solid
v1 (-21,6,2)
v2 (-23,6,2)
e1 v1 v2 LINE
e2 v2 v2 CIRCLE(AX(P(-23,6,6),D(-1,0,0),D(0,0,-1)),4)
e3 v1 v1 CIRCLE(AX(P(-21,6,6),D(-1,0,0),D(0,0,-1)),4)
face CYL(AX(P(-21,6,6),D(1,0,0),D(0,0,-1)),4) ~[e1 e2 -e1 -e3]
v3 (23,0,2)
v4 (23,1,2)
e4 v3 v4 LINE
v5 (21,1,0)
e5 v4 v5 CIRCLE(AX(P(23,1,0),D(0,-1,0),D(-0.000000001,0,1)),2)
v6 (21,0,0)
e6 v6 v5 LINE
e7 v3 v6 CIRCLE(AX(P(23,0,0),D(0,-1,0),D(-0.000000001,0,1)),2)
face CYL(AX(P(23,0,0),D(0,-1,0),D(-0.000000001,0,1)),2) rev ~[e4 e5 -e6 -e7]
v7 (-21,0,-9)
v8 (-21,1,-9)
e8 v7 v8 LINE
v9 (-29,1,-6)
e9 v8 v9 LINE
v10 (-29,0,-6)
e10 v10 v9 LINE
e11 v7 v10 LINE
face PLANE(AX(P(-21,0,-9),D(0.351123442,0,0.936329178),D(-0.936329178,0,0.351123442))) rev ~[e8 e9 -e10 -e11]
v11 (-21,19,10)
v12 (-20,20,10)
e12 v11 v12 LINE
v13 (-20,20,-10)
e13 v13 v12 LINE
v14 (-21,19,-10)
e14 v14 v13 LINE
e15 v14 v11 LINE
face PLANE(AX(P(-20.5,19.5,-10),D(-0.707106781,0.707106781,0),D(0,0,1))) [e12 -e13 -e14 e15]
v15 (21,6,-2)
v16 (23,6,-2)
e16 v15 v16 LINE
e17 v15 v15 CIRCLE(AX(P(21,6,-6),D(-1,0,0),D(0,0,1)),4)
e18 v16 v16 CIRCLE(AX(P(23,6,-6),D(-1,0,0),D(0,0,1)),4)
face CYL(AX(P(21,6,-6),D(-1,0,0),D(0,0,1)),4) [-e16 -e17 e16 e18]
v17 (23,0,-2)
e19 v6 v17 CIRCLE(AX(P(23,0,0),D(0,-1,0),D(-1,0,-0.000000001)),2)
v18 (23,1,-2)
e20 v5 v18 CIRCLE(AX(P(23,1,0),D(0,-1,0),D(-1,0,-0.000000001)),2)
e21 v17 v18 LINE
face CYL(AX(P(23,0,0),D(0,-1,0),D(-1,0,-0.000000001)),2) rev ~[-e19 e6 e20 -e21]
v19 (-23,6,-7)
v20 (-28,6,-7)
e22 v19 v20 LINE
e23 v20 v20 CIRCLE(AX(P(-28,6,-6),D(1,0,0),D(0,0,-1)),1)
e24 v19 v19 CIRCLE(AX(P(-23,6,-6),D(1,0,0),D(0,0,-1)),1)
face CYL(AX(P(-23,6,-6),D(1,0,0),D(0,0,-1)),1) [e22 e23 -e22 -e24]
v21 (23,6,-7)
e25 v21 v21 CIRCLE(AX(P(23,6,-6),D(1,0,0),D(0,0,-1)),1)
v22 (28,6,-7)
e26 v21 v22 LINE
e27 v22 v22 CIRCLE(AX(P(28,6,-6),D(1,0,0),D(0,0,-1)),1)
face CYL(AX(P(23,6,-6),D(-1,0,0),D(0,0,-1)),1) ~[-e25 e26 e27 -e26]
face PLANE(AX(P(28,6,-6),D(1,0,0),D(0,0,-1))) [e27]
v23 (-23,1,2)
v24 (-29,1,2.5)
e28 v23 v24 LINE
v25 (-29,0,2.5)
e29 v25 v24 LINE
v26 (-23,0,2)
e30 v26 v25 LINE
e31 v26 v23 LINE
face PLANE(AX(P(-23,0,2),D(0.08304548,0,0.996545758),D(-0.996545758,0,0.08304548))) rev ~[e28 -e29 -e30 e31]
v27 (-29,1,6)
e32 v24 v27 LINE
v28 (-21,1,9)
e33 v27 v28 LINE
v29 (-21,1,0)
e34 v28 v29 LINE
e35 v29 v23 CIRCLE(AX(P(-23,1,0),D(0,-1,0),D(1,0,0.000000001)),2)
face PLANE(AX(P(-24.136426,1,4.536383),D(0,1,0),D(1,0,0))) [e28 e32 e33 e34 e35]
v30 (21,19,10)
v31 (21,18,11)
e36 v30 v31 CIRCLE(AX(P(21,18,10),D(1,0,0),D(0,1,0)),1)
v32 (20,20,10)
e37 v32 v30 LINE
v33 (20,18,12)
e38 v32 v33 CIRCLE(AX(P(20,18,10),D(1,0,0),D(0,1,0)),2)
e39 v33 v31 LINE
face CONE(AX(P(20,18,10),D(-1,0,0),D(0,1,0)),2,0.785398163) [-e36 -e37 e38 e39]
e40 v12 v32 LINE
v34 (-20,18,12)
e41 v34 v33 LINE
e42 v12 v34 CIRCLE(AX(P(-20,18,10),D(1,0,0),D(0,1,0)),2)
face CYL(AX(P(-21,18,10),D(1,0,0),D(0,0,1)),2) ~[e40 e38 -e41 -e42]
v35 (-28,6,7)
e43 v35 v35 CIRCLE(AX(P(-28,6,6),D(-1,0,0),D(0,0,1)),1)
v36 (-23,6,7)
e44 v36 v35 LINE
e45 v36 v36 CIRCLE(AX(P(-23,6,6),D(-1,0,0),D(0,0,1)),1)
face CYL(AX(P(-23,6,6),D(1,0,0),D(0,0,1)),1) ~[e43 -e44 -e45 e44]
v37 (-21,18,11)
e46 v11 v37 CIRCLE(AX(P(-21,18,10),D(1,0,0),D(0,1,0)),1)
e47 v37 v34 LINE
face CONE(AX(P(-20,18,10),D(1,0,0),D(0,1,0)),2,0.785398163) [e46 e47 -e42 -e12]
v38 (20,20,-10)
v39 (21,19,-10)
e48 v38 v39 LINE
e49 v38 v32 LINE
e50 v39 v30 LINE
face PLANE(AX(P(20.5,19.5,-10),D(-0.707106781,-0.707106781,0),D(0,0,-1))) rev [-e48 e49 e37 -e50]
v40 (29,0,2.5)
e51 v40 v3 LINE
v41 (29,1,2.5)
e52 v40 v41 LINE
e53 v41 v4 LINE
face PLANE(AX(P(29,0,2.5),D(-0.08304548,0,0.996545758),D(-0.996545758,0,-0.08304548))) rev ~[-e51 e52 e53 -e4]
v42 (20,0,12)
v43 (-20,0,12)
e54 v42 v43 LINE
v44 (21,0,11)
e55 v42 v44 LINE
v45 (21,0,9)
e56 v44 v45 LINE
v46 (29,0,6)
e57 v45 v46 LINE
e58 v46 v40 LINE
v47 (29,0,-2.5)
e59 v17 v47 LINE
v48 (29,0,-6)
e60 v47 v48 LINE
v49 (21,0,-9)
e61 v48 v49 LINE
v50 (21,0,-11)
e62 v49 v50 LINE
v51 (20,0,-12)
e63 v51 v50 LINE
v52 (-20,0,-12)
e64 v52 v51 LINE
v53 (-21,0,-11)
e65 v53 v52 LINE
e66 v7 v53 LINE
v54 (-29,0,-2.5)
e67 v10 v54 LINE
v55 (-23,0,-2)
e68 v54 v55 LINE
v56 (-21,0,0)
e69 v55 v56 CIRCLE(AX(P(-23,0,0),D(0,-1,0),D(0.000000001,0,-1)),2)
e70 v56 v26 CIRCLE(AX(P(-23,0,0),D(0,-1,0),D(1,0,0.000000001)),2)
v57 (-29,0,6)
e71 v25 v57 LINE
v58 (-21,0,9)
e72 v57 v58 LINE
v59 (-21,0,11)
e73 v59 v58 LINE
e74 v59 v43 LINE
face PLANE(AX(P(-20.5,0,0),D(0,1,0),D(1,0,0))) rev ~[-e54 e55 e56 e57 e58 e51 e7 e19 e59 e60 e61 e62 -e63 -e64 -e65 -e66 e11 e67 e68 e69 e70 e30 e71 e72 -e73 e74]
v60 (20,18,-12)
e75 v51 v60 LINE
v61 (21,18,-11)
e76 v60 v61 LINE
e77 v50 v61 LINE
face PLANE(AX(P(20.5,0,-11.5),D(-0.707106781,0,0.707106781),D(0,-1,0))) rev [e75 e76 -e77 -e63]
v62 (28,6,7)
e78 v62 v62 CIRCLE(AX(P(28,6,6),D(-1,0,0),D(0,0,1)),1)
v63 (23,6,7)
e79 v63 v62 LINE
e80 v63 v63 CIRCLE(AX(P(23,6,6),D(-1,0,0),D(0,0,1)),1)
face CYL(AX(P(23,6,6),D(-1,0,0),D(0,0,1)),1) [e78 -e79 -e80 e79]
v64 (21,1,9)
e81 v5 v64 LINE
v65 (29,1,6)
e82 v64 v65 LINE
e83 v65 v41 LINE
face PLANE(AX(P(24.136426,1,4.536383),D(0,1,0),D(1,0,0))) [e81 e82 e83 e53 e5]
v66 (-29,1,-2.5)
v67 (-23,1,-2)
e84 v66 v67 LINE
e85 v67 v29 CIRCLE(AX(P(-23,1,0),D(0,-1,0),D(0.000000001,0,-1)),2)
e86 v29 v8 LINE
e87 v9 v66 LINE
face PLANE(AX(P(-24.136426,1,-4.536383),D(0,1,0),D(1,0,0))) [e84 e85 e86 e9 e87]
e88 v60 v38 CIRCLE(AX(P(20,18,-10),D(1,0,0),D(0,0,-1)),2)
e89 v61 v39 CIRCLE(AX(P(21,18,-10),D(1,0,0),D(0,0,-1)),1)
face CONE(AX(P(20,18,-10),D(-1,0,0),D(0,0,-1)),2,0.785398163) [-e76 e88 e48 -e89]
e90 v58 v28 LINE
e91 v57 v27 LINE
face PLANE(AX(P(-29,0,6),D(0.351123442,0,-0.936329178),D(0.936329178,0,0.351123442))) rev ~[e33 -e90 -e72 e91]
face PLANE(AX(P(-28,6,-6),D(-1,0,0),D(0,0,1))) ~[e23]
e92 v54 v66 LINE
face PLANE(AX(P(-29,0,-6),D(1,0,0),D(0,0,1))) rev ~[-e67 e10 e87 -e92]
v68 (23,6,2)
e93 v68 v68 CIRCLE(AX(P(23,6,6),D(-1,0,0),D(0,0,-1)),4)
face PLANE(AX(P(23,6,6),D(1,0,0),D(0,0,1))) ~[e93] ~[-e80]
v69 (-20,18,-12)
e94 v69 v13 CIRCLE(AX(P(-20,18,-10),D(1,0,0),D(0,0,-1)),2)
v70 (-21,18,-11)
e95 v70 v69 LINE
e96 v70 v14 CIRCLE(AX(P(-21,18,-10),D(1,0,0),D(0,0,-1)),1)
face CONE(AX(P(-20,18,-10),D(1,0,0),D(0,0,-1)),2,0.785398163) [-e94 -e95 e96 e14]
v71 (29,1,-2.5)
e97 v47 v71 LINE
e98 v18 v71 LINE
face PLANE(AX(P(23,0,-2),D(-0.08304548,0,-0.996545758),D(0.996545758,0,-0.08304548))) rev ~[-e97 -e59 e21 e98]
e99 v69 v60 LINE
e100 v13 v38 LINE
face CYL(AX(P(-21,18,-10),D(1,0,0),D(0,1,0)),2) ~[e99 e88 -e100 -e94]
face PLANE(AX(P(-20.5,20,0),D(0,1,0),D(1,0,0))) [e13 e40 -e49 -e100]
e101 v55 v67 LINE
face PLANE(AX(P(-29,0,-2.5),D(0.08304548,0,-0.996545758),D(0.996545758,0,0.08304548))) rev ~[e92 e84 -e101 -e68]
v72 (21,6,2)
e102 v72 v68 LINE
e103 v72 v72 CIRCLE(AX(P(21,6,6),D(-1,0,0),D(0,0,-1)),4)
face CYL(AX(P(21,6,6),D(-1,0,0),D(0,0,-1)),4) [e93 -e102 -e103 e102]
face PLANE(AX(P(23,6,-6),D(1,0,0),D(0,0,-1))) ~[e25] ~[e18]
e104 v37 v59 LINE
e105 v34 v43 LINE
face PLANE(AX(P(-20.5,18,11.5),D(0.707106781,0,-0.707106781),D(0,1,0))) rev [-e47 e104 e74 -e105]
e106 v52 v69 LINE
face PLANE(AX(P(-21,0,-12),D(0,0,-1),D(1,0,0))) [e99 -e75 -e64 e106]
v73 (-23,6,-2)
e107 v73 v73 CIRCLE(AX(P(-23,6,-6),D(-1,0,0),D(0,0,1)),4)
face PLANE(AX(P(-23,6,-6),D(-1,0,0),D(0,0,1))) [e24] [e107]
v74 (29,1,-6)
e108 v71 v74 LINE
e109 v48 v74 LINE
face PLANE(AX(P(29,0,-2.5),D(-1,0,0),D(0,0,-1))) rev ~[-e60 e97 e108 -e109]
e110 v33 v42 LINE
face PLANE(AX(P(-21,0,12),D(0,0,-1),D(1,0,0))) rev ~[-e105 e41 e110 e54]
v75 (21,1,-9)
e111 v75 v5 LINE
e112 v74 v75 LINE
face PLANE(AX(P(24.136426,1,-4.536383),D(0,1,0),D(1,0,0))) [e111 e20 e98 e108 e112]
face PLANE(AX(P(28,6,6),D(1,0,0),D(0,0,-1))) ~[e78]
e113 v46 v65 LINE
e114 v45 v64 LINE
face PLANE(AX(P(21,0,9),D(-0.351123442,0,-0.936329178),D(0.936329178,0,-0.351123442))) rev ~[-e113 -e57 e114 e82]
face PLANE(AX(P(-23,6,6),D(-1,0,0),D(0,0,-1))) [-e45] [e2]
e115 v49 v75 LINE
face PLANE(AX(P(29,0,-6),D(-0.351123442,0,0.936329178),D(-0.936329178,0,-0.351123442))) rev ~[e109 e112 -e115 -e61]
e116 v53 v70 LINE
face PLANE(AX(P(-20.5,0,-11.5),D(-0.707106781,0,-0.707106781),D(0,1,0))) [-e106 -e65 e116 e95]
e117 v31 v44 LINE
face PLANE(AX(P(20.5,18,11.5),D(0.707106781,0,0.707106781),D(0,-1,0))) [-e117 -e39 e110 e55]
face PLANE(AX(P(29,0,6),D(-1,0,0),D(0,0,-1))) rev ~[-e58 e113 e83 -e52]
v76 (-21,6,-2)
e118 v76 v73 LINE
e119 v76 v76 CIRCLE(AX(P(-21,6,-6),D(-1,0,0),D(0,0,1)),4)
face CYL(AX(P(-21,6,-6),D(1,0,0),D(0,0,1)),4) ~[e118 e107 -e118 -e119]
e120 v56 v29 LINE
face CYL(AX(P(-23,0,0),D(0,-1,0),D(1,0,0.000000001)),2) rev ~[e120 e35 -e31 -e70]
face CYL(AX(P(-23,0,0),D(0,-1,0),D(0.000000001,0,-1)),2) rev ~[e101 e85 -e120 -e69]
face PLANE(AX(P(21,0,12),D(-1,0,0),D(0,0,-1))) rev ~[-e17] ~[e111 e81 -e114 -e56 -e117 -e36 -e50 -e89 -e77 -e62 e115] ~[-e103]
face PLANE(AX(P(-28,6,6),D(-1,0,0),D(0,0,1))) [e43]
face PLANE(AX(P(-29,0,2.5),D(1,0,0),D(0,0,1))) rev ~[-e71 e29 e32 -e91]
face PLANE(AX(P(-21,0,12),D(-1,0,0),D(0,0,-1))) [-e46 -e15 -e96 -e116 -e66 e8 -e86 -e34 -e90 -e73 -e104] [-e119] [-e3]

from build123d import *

# Parameters (mm, degrees)
SKETCH_1_W               = 40
SKETCH_1_H               = 24
EXTRUDE_1_DEPTH          = 20
EXTRUDE_2_DEPTH          = 1
EXTRUDE_2_2_DEPTH        = 1
EXTRUDE_2_3_DEPTH        = 1
EXTRUDE_2_4_DEPTH        = 1
SKETCH_1_6_W             = 1
SKETCH_1_6_H             = 24
EXTRUDE_4_DEPTH          = 20
SKETCH_2_R               = 4
EXTRUDE_5_DEPTH          = 2
FILLET_1_R               = 2
CHAMFER_1_SIZE           = 1
CHAMFER_2_SIZE           = 1
SKETCH_3_R               = 1
EXTRUDE_6_DEPTH          = 5
MIRROR_4_COPY_1_SKETCH_R = 1
MIRROR_4_COPY_1_DEPTH    = 5
MIRROR_4_COPY_2_SKETCH_R = 1
MIRROR_4_COPY_2_DEPTH    = 5


with BuildPart() as part:
    # 草图1 → 凸台-拉伸1 (new body)
    with BuildSketch(Plane(origin=(0, 0, 0), x_dir=(1, 0, 0), z_dir=(0, 1, 0))):
        Rectangle(SKETCH_1_W, SKETCH_1_H)
    extrude(amount=EXTRUDE_1_DEPTH)



with BuildPart() as body_2:
    # 草图1<4> → 凸台-拉伸2 (new body)
    with BuildSketch(Plane(origin=(0, 0, 0), x_dir=(1, 0, 0), z_dir=(0, 1, 0))):
        with BuildLine():
            Line((-21, 0), (-21, 9))
            Line((-21, 9), (-29, 6))
            Line((-29, 6), (-29, 2.5))
            Line((-29, 2.5), (-23, 2))
            ThreePointArc((-23, 2), (-21.585786438, 1.414213562), (-21, 0))
        make_face()
    extrude(amount=EXTRUDE_2_DEPTH)


with BuildPart() as body_3:
    # 草图1<4> → Extrude 2 2 (new body)
    with BuildSketch(Plane(origin=(0, 0, 0), x_dir=(1, 0, 0), z_dir=(0, 1, 0))):
        with BuildLine():
            Line((29, 6), (21, 9))
            Line((21, 9), (21, 0))
            ThreePointArc((21, 0), (21.585786438, 1.414213562), (23, 2))
            Line((23, 2), (29, 2.5))
            Line((29, 2.5), (29, 6))
        make_face()
    extrude(amount=EXTRUDE_2_2_DEPTH)


with BuildPart() as body_4:
    # 草图1<4> → Extrude 2 3 (new body)
    with BuildSketch(Plane(origin=(0, 0, 0), x_dir=(1, 0, 0), z_dir=(0, 1, 0))):
        with BuildLine():
            Line((-29, -6), (-21, -9))
            Line((-21, -9), (-21, 0))
            ThreePointArc((-21, 0), (-21.585786438, -1.414213562), (-23, -2))
            Line((-23, -2), (-29, -2.5))
            Line((-29, -2.5), (-29, -6))
        make_face()
    extrude(amount=EXTRUDE_2_3_DEPTH)


with BuildPart() as body_5:
    # 草图1<4> → Extrude 2 4 (new body)
    with BuildSketch(Plane(origin=(0, 0, 0), x_dir=(1, 0, 0), z_dir=(0, 1, 0))):
        with BuildLine():
            Line((21, 0), (21, -9))
            Line((21, -9), (29, -6))
            Line((29, -6), (29, -2.5))
            Line((29, -2.5), (23, -2))
            ThreePointArc((23, -2), (21.585786438, -1.414213562), (21, 0))
        make_face()
    extrude(amount=EXTRUDE_2_4_DEPTH)


with BuildPart() as part_1:
    add(part.part)

    add(body_2.part)  # 凸台-拉伸4 merges body 2

    add(body_3.part)  # 凸台-拉伸4 merges body 3

    add(body_4.part)  # 凸台-拉伸4 merges body 4

    add(body_5.part)  # 凸台-拉伸4 merges body 5
    # 草图1<6> → 凸台-拉伸4 (add)
    with BuildSketch(Plane(origin=(0, 0, 0), x_dir=(1, 0, 0), z_dir=(0, 1, 0))):
        with Locations((-20.5, 0)):
            Rectangle(SKETCH_1_6_W, SKETCH_1_6_H)
        with Locations((20.5, 0)):
            Rectangle(SKETCH_1_6_W, SKETCH_1_6_H)
    extrude(amount=EXTRUDE_4_DEPTH)

    # 草图2 → 凸台-拉伸5 (add)
    with BuildSketch(Plane.ZY.offset(21)):
        with Locations((6, 6)):
            Circle(SKETCH_2_R)
        with Locations((-6, 6)):
            Circle(SKETCH_2_R)
    extrude_5 = extrude(amount=EXTRUDE_5_DEPTH)

    # 镜向1: 凸台-拉伸5 across plane
    add(extrude_5.mirror(Plane(origin=(0, 0, 0), x_dir=(0, 0, 1), z_dir=(1, 0, 0))))

    # 圆角1
    fillet_1_edges = [part_1.edges().sort_by_distance(p)[0] for p in [
        (0, 20, -12),
        (0, 20, 12),
    ]]
    fillet(fillet_1_edges, radius=FILLET_1_R)

    # 倒角1
    chamfer_1_edges = [part_1.edges().sort_by_distance(p)[0] for p in [
        (21, 9, -12),
        (21, 9, 12),
        (21, 19.414213562, -11.414213562),
        (21, 19.414213562, 11.414213562),
        (21, 20, 0),
    ]]
    chamfer(chamfer_1_edges, length=CHAMFER_1_SIZE)

    # 倒角2
    chamfer_2_edges = [part_1.edges().sort_by_distance(p)[0] for p in [
        (-21, 9, -12),
        (-21, 9, 12),
        (-21, 19.414213562, -11.414213562),
        (-21, 19.414213562, 11.414213562),
        (-21, 20, 0),
    ]]
    chamfer(chamfer_2_edges, length=CHAMFER_2_SIZE)

    # 草图3 → 凸台-拉伸6 (add)
    with BuildSketch(Plane.ZY.offset(23)):
        with Locations((6, 6)):
            Circle(SKETCH_3_R)
    extrude_6 = extrude(amount=EXTRUDE_6_DEPTH)

    # 镜向2: 凸台-拉伸6 across plane
    add(extrude_6.mirror(Plane.XY))

    # 镜向3: 凸台-拉伸6 across plane
    add(extrude_6.mirror(Plane(origin=(0, 0, 0), x_dir=(0, 0, 1), z_dir=(1, 0, 0))))

    # 镜向4 copy 1 sketch → 镜向4 copy 1 (add)
    with BuildSketch(Plane(origin=(23, 0, 0), x_dir=(0, 0, -1), z_dir=(1, 0, 0))):
        with Locations((6, 6)):
            Circle(MIRROR_4_COPY_1_SKETCH_R)
    extrude(amount=MIRROR_4_COPY_1_DEPTH)

    # 镜向4 copy 2 sketch → 镜向4 copy 2 (add)
    with BuildSketch(Plane(origin=(23, 0, 0), x_dir=(0, 0, 1), z_dir=(1, 0, 0))):
        with Locations((6, -6)):
            Circle(MIRROR_4_COPY_2_SKETCH_R)
    extrude(amount=MIRROR_4_COPY_2_DEPTH)


solid = part_1.part
